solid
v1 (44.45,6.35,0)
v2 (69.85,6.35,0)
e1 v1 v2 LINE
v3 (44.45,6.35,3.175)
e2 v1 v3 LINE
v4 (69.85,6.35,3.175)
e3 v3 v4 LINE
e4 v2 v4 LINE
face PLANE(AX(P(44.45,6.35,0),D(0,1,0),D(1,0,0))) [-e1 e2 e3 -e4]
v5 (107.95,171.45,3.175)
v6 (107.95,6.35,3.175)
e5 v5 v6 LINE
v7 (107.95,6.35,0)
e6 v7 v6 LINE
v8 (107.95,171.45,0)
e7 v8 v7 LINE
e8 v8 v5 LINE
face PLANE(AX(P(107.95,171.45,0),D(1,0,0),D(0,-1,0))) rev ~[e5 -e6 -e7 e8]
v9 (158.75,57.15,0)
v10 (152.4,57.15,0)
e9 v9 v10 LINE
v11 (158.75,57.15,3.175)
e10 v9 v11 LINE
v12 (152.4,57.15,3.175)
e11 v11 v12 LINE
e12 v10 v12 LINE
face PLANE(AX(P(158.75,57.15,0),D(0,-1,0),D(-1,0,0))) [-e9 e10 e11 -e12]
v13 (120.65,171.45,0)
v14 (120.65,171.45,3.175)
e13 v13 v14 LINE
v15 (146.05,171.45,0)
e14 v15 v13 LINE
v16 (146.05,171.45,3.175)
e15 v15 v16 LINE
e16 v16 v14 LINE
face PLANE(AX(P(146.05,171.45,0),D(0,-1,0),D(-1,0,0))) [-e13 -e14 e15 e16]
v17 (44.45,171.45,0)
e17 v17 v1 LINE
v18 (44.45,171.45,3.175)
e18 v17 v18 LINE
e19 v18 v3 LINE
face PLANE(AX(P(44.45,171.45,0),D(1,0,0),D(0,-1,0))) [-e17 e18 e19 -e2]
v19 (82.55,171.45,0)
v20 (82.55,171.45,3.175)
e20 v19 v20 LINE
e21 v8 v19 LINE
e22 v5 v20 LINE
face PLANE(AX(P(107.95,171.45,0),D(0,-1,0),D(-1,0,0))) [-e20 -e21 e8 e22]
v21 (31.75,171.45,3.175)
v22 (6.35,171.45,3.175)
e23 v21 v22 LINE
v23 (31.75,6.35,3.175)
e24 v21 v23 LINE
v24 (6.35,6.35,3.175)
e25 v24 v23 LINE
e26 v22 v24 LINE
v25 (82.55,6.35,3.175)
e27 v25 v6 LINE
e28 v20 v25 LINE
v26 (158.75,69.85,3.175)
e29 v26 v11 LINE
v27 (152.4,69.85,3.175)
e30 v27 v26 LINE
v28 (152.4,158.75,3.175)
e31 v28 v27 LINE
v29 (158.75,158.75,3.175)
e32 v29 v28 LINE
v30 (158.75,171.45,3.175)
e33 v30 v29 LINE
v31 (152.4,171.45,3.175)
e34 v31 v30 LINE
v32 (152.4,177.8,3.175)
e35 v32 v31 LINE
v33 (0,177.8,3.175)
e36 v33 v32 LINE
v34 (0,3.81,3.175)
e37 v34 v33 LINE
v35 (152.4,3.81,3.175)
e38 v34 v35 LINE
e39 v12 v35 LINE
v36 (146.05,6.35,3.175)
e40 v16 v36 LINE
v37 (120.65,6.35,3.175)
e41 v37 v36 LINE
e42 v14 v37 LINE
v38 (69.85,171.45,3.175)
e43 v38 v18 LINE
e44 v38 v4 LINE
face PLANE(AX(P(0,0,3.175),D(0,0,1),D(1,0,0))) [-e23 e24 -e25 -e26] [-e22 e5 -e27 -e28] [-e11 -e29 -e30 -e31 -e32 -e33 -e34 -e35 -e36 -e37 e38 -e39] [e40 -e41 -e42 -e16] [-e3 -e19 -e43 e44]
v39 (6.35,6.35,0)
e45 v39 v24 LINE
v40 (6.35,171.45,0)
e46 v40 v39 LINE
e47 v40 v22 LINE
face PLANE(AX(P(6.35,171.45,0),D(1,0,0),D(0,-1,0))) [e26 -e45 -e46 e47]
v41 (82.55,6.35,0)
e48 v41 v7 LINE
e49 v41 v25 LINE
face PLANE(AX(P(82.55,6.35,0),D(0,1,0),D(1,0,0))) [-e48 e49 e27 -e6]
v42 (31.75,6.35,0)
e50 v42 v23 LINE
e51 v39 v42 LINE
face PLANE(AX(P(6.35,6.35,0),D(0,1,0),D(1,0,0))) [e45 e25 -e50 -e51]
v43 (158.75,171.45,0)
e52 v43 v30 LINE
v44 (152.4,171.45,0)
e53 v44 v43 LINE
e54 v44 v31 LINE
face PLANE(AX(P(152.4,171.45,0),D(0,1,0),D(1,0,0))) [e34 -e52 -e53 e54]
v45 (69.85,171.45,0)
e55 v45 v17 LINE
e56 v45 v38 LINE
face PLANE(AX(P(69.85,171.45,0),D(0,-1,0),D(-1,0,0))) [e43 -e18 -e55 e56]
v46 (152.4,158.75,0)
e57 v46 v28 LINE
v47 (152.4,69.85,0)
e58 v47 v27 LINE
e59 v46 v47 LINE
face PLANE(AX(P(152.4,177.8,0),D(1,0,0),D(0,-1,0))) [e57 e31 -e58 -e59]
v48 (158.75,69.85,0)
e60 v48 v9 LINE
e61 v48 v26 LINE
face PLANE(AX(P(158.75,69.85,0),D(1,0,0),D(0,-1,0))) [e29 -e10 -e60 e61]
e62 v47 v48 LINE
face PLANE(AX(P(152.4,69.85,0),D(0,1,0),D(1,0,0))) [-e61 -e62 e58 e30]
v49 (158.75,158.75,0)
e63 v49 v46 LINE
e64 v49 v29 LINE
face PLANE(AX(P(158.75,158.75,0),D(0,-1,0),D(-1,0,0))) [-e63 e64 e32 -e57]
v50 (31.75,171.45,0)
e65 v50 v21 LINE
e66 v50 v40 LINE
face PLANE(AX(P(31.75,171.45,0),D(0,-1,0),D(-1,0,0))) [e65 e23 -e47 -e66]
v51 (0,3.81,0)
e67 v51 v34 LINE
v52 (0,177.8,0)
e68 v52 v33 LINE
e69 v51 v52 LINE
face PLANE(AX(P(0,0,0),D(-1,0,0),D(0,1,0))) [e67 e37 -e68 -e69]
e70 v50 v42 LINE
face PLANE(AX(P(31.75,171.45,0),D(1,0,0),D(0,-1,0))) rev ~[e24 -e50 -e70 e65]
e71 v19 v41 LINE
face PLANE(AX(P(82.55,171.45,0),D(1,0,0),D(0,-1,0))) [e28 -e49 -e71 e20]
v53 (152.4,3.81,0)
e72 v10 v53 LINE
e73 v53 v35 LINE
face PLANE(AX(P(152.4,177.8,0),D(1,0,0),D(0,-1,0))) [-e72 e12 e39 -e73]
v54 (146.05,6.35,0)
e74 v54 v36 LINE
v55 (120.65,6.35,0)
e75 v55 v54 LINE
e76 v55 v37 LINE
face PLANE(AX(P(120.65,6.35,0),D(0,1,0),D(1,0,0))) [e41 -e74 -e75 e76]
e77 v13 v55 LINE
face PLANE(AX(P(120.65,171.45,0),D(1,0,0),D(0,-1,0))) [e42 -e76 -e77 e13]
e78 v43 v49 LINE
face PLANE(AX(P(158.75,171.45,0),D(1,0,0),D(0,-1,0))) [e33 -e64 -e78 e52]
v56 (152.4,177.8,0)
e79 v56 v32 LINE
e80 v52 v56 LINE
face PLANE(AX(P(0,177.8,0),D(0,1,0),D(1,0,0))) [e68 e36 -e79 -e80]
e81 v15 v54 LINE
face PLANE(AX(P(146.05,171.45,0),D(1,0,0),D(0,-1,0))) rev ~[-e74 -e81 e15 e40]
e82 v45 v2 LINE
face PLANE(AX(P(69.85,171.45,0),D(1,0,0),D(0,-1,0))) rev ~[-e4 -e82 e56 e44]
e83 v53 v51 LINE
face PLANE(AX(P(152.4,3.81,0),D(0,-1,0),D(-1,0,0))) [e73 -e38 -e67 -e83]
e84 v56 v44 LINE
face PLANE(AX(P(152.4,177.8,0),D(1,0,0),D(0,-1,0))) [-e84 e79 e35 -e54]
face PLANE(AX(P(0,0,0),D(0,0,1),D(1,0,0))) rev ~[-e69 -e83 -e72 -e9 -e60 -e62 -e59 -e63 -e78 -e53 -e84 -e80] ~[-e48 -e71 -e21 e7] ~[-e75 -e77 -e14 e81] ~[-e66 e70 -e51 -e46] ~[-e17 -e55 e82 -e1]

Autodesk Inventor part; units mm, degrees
ref_plane "YZ Plane" through (0, 0, 0) normal (1, 0, 0) x (0, 1, 0)
ref_plane "XZ Plane" through (0, 0, 0) normal (0, 1, 0) x (-1, 0, 0)
ref_plane "XY Plane" through (0, 0, 0) normal (0, 0, 1) x (1, 0, 0)
sketch "Sketch1" plane through (0, 0, 0) normal (0, 0, 1) x (1, 0, 0)
  line L0 (0, 0) -> (0, 177.8)
  line L1 (0, 177.8) -> (152.4, 177.8)
  line L2 (152.4, 177.8) -> (152.4, 0)
  line L3 (152.4, 0) -> (0, 0)
  dimension "d0" = 177.8
  dimension "d1" = 152.4
extrude "Extrusion1" add sketch "Sketch1" along normal blind 3.175
sketch "Sketch2" plane through (0, 0, 0) normal (0, 0, -1) x (-1, 0, 0)
  line L0 (-152.4, 177.8) -> (0, 177.8) projected
  line L1 (-152.4, 0) -> (-152.4, 177.8) projected
  line L2 (0, 0) -> (-152.4, 0) projected
  line L3 (-152.4, 171.45) -> (-158.75, 171.45)
  line L4 (-158.75, 171.45) -> (-158.75, 158.75)
  line L5 (-158.75, 158.75) -> (-152.4, 158.75)
  line L6 (-152.4, 69.85) -> (-158.75, 69.85)
  line L7 (-158.75, 69.85) -> (-158.75, 57.15)
  line L8 (-158.75, 57.15) -> (-152.4, 57.15)
  dimension "d9" = 6.35
  dimension "d10" = 12.7
  dimension "d11" = 6.35
  dimension "d12" = 12.7
  dimension "d13" = 88.9
  dimension "d14" = 6.35
extrude "Extrusion2" add sketch "Sketch2" against normal blind 3.175
sketch "Sketch3" plane through (0, 0, 0) normal (0, 0, -1) x (-1, 0, 0)
  line L0 (-152.4, 177.8) -> (0, 177.8) projected
  line L1 (-152.4, 171.45) -> (-152.4, 177.8) projected
  line L2 (0, 0) -> (-152.4, 0) projected
  line L3 (-146.05, 171.45) -> (-120.65, 171.45)
  line L4 (-120.65, 171.45) -> (-120.65, 6.35)
  line L5 (-120.65, 6.35) -> (-146.05, 6.35)
  line L6 (-146.05, 171.45) -> (-146.05, 6.35)
  line L7 (-107.95, 171.45) -> (-82.55, 171.45)
  line L8 (-82.55, 171.45) -> (-82.55, 6.35)
  line L9 (-82.55, 6.35) -> (-107.95, 6.35)
  line L10 (-107.95, 171.45) -> (-107.95, 6.35)
  line L11 (-69.85, 171.45) -> (-44.45, 171.45)
  line L12 (-44.45, 171.45) -> (-44.45, 6.35)
  line L13 (-44.45, 6.35) -> (-69.85, 6.35)
  line L14 (-69.85, 171.45) -> (-69.85, 6.35)
  line L15 (-31.75, 171.45) -> (-6.35, 171.45)
  line L16 (-6.35, 171.45) -> (-6.35, 6.35)
  line L17 (-6.35, 6.35) -> (-31.75, 6.35)
  line L18 (-31.75, 171.45) -> (-31.75, 6.35)
  dimension "d17" = 25.4
  dimension "d18" = 25.4
  dimension "d20" = 6.35
  dimension "d21" = 6.35
  dimension "d22" = 6.35
  dimension "d25" = 38.1
extrude "Extrusion3" cut sketch "Sketch3" against normal blind 3.175
sketch "Sketch4" plane through (0, 0, 0) normal (0, 0, -1) x (-1, 0, 0)
  line L0 (0, 177.8) -> (0, 0) projected
  line L1 (-152.4, 0) -> (-152.4, 57.15) projected
  line L2 (0, 0) -> (-152.4, 0) projected
  line L3 (-152.4, 3.81) -> (0, 3.81)
  dimension "d32" = 3.81
extrude "Extrusion4" cut sketch "Sketch4" against normal blind 25.4
properties part number "Backboard" material "Polycarbonate, Clear"
